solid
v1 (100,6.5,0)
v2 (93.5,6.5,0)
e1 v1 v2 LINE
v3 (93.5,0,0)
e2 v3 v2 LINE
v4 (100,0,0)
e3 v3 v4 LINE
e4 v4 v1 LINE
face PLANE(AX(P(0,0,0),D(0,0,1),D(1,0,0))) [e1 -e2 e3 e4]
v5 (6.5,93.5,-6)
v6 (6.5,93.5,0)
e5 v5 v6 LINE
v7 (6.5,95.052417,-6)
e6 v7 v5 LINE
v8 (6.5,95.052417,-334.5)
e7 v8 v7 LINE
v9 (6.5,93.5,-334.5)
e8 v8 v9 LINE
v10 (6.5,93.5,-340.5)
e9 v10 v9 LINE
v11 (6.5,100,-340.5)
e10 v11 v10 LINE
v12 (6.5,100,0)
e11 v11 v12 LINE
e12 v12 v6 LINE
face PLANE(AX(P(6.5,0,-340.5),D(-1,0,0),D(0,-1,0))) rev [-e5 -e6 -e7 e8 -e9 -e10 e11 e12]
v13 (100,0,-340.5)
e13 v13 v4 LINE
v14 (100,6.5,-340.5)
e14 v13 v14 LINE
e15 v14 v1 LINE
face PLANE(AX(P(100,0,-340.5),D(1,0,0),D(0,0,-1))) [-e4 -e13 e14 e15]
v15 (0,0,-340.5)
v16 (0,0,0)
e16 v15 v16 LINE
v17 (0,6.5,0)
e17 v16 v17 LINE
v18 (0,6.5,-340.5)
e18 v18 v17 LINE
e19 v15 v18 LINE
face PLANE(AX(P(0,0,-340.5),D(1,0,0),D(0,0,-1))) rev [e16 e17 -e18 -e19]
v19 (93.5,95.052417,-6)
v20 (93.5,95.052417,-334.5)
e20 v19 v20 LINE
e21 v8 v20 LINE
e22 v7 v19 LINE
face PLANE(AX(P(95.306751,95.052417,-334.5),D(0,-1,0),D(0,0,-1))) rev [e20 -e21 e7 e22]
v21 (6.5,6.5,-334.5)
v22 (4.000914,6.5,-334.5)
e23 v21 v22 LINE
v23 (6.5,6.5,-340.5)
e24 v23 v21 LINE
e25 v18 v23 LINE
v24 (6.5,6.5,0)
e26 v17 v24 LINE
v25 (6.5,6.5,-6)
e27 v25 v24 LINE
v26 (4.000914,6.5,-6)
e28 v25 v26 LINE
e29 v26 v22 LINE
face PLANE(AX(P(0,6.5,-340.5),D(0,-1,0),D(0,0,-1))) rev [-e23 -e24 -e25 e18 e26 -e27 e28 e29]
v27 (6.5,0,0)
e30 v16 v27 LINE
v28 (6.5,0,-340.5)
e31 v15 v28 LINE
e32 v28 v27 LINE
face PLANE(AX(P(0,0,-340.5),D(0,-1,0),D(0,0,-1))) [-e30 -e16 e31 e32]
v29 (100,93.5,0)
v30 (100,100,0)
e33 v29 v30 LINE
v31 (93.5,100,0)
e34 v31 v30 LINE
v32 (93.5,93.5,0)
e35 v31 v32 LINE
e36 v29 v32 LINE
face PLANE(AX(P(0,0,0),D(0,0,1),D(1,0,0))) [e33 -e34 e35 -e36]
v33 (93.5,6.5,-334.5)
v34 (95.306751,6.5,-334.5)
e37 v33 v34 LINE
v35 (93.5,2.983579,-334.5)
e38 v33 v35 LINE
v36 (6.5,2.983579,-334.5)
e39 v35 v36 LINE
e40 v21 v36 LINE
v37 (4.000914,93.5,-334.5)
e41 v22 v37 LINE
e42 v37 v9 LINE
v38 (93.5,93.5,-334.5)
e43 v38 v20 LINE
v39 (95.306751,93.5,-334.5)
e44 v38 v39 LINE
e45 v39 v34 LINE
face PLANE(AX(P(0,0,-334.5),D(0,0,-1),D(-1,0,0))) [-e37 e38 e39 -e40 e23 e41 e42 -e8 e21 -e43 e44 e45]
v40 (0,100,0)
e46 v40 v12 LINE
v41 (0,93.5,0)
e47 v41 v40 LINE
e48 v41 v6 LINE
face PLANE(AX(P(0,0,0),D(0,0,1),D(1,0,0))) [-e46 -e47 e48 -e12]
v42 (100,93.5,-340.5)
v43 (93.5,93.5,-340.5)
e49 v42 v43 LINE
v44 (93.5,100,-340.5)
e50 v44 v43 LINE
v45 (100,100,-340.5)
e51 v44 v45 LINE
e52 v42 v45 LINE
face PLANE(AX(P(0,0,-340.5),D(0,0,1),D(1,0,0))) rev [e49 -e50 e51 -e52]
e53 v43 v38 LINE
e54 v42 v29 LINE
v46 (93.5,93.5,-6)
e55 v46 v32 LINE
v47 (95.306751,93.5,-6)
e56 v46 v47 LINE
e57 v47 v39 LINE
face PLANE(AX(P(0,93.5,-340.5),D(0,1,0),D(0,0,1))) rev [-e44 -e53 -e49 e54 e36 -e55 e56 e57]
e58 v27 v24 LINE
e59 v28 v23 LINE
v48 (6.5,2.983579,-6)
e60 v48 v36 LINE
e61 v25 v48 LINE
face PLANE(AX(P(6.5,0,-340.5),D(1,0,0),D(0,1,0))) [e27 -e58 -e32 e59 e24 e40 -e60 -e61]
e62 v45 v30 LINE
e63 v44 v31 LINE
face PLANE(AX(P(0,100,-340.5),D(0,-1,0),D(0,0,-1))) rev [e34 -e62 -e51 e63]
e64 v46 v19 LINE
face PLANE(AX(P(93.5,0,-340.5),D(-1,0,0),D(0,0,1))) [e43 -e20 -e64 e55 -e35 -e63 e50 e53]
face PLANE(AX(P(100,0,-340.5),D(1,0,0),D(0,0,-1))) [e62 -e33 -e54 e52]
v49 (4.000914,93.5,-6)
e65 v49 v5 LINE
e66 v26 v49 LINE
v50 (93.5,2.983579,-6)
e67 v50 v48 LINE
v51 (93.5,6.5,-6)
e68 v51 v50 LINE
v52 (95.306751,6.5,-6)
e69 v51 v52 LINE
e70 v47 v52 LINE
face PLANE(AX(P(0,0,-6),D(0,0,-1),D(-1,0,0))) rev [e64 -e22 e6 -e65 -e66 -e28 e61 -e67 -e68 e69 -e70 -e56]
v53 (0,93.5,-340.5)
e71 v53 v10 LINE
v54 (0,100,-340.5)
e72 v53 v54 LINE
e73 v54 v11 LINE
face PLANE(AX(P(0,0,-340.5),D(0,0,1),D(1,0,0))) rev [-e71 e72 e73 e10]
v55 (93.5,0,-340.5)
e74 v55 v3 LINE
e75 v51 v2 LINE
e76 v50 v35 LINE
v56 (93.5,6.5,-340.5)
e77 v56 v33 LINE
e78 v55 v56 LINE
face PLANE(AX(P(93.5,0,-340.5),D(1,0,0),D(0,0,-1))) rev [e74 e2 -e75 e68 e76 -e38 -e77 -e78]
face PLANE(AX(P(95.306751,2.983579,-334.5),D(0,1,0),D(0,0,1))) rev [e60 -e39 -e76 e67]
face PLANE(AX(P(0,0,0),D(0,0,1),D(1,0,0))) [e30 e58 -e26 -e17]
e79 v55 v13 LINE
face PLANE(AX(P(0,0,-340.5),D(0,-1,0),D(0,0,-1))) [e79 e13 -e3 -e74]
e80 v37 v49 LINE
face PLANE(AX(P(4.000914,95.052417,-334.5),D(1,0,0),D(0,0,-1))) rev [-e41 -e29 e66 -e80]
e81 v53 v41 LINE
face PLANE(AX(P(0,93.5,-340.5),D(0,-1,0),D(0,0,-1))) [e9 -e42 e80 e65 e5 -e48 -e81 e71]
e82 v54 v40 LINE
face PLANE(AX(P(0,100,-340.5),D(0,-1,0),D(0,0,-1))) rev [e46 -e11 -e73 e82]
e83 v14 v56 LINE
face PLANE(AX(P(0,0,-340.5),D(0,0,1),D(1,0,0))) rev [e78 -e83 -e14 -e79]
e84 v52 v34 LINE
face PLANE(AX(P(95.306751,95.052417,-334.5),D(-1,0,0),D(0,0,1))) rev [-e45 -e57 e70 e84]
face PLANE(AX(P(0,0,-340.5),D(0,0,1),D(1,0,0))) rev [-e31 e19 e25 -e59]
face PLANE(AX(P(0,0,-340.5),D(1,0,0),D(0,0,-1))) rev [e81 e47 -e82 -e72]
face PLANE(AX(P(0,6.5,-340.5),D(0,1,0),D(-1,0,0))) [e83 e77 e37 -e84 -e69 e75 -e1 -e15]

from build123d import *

# Parameters (mm, degrees)
SKETCH1_W             = 6.5
SKETCH1_H             = 6.5
BOSS_EXTRUDE1_DEPTH   = 340.5
BOSS_EXTRUDE1_2_DEPTH = 340.5
BOSS_EXTRUDE1_3_DEPTH = 340.5
BOSS_EXTRUDE1_4_DEPTH = 340.5
SKETCH2_W             = 91.305836421
SKETCH2_H             = 92.06883784
BOSS_EXTRUDE2_DEPTH   = 328.5


with BuildPart() as part:
    # Sketch1 → Boss-Extrude1 (new body)
    with BuildSketch(Plane.XY):
        with Locations((3.25, 96.75)):
            Rectangle(SKETCH1_W, SKETCH1_H)
    extrude(amount=-BOSS_EXTRUDE1_DEPTH)



with BuildPart() as body_2:
    # Sketch1 → Boss-Extrude1 2 (new body)
    with BuildSketch(Plane.XY):
        with Locations((96.75, 96.75)):
            Rectangle(SKETCH1_W, SKETCH1_H)
    extrude(amount=-BOSS_EXTRUDE1_2_DEPTH)


with BuildPart() as body_3:
    # Sketch1 → Boss-Extrude1 3 (new body)
    with BuildSketch(Plane.XY):
        with Locations((96.75, 3.25)):
            Rectangle(SKETCH1_W, SKETCH1_H)
    extrude(amount=-BOSS_EXTRUDE1_3_DEPTH)


with BuildPart() as body_4:
    # Sketch1 → Boss-Extrude1 4 (new body)
    with BuildSketch(Plane.XY):
        with Locations((3.25, 3.25)):
            Rectangle(SKETCH1_W, SKETCH1_H)
    extrude(amount=-BOSS_EXTRUDE1_4_DEPTH)


with BuildPart() as part_1:
    add(part.part)

    add(body_2.part)  # Boss-Extrude2 merges body 2

    add(body_3.part)  # Boss-Extrude2 merges body 3

    add(body_4.part)  # Boss-Extrude2 merges body 4
    # Sketch2 → Boss-Extrude2 (add)
    with BuildSketch(Plane(origin=(0, 0, -6), x_dir=(-1, 0, 0), z_dir=(0, 0, -1))):
        with Locations((-49.653832388, 49.017997872)):
            Rectangle(SKETCH2_W, SKETCH2_H)
    extrude(amount=BOSS_EXTRUDE2_DEPTH)


solid = part_1.part
